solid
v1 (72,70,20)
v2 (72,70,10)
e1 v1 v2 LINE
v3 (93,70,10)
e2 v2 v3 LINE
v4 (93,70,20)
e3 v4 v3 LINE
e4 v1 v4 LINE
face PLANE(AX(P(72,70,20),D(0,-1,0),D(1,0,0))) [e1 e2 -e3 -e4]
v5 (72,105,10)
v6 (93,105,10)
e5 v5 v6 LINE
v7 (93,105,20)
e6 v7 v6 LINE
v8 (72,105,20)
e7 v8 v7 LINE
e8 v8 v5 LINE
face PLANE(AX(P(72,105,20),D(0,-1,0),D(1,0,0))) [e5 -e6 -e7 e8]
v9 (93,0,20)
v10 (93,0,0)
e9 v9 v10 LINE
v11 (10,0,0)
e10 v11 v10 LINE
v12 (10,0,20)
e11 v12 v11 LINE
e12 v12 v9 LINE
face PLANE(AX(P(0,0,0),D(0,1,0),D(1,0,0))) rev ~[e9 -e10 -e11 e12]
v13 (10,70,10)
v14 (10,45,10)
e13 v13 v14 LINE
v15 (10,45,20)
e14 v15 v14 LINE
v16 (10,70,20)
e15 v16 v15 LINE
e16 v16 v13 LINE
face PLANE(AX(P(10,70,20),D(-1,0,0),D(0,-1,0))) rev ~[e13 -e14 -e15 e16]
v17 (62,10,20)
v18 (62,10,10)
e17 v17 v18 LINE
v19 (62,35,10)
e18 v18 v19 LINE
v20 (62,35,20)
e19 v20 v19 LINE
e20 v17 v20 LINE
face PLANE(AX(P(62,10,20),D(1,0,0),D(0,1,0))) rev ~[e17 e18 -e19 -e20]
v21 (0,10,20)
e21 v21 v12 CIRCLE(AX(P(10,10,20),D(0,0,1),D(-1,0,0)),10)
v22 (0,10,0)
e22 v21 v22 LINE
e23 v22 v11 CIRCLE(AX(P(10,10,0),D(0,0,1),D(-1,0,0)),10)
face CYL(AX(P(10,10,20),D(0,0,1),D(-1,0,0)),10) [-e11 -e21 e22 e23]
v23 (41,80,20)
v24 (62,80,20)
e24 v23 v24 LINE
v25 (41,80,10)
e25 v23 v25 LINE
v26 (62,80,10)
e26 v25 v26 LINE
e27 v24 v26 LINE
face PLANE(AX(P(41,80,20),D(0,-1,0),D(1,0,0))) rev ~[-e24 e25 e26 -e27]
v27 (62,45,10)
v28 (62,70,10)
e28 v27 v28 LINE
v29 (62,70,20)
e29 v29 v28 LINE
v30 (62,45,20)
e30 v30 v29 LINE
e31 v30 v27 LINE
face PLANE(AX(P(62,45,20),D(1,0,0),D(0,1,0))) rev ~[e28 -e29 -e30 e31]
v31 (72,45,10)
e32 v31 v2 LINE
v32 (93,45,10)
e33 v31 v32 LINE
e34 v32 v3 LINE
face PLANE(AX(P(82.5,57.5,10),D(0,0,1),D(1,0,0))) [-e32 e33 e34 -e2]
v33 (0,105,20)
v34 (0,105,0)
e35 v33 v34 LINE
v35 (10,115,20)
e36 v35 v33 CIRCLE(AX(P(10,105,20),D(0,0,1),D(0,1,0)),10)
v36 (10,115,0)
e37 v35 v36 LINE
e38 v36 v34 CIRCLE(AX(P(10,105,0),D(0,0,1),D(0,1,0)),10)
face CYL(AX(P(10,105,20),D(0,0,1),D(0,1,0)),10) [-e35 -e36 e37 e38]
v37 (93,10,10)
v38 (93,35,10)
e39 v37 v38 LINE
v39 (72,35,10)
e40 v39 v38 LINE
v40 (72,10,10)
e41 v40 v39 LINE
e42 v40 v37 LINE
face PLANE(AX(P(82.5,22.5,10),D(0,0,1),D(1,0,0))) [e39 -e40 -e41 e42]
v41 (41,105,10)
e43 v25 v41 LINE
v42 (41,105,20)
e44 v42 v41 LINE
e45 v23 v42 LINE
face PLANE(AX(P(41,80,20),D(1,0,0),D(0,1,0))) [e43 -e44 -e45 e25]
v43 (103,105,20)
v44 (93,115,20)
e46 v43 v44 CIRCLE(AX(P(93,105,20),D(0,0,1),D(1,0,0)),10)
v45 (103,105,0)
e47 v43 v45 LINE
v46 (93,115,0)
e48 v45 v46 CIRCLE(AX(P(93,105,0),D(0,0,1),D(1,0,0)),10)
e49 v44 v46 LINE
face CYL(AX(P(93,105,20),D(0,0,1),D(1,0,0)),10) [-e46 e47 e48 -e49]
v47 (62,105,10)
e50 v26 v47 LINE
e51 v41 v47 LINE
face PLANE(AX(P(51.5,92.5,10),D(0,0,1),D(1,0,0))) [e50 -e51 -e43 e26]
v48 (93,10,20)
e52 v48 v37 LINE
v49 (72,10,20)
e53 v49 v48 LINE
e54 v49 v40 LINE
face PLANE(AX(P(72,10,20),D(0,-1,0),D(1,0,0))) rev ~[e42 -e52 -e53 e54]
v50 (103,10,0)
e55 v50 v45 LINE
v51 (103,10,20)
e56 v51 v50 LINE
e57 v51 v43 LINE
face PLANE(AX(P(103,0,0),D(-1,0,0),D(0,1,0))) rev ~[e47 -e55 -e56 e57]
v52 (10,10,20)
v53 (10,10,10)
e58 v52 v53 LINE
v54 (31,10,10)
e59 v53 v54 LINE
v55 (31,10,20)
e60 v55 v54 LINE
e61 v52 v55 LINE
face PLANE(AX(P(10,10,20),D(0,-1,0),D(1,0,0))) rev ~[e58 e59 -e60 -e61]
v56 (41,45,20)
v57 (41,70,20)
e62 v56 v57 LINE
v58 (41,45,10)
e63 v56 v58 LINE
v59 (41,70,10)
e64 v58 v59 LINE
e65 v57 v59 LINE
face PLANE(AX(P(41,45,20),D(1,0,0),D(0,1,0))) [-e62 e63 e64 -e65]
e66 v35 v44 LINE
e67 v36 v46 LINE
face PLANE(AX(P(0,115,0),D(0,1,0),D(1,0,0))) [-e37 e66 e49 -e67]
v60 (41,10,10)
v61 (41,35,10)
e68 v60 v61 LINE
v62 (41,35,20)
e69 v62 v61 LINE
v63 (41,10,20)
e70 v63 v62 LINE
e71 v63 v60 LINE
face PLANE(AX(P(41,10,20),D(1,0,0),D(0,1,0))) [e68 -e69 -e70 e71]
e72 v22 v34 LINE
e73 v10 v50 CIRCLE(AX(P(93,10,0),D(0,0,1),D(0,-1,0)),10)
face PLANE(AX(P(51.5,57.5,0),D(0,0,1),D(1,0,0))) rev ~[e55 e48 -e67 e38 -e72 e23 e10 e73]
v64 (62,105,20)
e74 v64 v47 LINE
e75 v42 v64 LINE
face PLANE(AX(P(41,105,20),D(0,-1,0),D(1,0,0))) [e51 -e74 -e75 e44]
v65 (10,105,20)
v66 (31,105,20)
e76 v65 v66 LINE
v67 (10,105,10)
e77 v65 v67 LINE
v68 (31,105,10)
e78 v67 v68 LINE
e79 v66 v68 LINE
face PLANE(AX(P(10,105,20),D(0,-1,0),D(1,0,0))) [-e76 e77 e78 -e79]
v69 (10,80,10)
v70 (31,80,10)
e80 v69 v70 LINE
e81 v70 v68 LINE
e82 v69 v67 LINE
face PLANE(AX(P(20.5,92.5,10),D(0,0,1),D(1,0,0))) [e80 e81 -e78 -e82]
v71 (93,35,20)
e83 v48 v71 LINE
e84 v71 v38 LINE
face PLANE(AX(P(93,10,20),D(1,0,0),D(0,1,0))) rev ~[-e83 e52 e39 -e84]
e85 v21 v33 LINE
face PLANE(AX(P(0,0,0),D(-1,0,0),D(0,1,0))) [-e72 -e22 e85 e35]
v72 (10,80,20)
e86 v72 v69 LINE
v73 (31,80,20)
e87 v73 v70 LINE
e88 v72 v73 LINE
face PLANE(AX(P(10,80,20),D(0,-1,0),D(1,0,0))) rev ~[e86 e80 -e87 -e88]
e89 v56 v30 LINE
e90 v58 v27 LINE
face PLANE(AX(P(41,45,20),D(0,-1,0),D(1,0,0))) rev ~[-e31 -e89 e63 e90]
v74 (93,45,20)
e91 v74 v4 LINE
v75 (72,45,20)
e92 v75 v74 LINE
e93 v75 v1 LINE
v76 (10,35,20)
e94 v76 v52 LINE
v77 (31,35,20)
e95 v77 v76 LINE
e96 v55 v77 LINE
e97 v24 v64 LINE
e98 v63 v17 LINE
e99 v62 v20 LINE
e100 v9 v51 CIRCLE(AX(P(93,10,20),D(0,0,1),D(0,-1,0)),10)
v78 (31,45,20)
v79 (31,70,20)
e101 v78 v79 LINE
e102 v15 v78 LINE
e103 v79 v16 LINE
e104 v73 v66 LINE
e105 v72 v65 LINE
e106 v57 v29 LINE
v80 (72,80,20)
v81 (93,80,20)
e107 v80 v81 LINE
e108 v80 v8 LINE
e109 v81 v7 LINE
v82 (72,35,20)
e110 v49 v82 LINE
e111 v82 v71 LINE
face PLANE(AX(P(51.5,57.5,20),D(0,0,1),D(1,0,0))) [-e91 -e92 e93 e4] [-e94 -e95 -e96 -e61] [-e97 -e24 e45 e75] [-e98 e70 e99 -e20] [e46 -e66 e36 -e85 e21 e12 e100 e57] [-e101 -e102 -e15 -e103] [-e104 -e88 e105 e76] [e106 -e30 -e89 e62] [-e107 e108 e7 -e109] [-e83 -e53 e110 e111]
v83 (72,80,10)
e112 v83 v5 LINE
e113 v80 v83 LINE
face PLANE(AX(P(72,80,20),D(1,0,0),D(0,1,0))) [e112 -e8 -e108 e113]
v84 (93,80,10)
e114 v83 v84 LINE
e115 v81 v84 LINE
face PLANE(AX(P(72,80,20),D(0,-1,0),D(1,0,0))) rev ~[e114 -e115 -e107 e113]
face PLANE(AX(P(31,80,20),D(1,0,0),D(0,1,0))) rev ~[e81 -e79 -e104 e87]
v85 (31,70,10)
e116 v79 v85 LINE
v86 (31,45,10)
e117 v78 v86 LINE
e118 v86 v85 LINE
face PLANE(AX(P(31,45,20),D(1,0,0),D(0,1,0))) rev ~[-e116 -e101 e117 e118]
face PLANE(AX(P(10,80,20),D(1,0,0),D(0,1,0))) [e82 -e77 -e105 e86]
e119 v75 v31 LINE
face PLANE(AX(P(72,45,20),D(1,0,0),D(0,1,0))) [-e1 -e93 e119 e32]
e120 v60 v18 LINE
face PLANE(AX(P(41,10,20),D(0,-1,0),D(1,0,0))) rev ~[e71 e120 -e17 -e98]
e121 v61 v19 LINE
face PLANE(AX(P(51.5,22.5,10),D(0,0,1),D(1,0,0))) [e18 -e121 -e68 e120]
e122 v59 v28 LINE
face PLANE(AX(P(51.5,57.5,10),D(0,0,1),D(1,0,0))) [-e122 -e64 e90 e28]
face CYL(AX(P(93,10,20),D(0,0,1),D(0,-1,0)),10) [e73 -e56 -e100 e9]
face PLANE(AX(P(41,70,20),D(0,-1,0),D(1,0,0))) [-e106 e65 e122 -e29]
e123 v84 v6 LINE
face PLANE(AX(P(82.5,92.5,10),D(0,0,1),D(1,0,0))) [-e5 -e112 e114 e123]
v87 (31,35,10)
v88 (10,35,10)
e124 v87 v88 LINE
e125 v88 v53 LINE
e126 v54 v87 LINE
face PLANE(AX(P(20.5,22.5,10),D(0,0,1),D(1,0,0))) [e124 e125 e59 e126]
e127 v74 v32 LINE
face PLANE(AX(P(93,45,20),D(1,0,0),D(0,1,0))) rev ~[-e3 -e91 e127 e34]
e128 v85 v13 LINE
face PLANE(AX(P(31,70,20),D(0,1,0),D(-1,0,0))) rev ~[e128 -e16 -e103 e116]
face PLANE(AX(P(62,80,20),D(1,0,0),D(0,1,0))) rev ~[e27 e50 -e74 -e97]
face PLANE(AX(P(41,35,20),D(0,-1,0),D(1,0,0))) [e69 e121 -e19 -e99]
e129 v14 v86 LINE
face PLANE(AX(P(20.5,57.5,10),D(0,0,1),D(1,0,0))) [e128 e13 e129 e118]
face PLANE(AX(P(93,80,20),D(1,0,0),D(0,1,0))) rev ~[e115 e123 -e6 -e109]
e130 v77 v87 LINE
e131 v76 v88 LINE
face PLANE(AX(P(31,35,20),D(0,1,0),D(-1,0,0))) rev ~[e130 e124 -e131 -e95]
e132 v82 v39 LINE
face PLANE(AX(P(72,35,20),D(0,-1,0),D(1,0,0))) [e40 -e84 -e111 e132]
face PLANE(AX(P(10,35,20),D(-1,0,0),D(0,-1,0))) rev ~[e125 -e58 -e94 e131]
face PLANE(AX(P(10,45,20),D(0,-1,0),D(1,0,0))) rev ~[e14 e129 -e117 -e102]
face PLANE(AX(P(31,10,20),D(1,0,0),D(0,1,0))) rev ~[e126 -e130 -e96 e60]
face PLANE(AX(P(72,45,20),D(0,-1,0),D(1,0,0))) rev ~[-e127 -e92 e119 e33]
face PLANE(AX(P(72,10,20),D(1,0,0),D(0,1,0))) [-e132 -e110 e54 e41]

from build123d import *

# Parameters (mm, degrees)
SKETCH1_W           = 103
SKETCH1_H           = 115
BOSS_EXTRUDE2_DEPTH = 20
SKETCH3_W           = 21
SKETCH3_H           = 25
CUT_EXTRUDE1_DEPTH  = 10
CUT_EXTRUDE2_DEPTH  = 46


with BuildPart() as part:
    # Sketch1 → Boss-Extrude2 (new body)
    with BuildSketch(Plane.XY):
        with Locations((51.5, 57.5)):
            Rectangle(SKETCH1_W, SKETCH1_H)
    extrude(amount=BOSS_EXTRUDE2_DEPTH)

    # Sketch3 → Cut-Extrude1 (cut)
    with BuildSketch(Plane.XY.offset(20)):
        with Locations((20.5, 92.5)):
            Rectangle(SKETCH3_W, SKETCH3_H)
        with Locations((51.5, 92.5)):
            Rectangle(SKETCH3_W, SKETCH3_H)
        with Locations((82.5, 92.5)):
            Rectangle(SKETCH3_W, SKETCH3_H)
        Polygon((10, 70), (10, 54.37934433), (10, 45), (31, 45), (31, 70), align=None)
        with Locations((51.5, 57.5)):
            Rectangle(SKETCH3_W, SKETCH3_H)
        Polygon((10, 35), (10, 17.462651727), (10, 10), (31, 10), (31, 35), align=None)
        with Locations((51.5, 22.5)):
            Rectangle(SKETCH3_W, SKETCH3_H)
        with Locations((82.5, 22.5)):
            Rectangle(SKETCH3_W, SKETCH3_H)
        with Locations((82.5, 57.5)):
            Rectangle(SKETCH3_W, SKETCH3_H)
    extrude(amount=-CUT_EXTRUDE1_DEPTH, mode=Mode.SUBTRACT)

    # Sketch4 → Cut-Extrude2 (cut)
    with BuildSketch(Plane.XY.offset(20)):
        with BuildLine():
            Line((0, 105), (0, 115))
            Line((0, 115), (10, 115))
            ThreePointArc((10, 115), (2.928932188, 112.071067812), (0, 105))
        make_face()
        with BuildLine():
            Line((93, 115), (103, 115))
            Line((103, 115), (103, 105))
            ThreePointArc((103, 105), (100.071067812, 112.071067812), (93, 115))
        make_face()
        with BuildLine():
            Line((103, 10), (103, 0))
            Line((103, 0), (93, 0))
            ThreePointArc((93, 0), (100.071067812, 2.928932188), (103, 10))
        make_face()
        with BuildLine():
            Line((10, 0), (0, 0))
            Line((0, 0), (0, 10))
            ThreePointArc((0, 10), (2.928932188, 2.928932188), (10, 0))
        make_face()
    extrude(amount=-CUT_EXTRUDE2_DEPTH, mode=Mode.SUBTRACT)


solid = part.part
